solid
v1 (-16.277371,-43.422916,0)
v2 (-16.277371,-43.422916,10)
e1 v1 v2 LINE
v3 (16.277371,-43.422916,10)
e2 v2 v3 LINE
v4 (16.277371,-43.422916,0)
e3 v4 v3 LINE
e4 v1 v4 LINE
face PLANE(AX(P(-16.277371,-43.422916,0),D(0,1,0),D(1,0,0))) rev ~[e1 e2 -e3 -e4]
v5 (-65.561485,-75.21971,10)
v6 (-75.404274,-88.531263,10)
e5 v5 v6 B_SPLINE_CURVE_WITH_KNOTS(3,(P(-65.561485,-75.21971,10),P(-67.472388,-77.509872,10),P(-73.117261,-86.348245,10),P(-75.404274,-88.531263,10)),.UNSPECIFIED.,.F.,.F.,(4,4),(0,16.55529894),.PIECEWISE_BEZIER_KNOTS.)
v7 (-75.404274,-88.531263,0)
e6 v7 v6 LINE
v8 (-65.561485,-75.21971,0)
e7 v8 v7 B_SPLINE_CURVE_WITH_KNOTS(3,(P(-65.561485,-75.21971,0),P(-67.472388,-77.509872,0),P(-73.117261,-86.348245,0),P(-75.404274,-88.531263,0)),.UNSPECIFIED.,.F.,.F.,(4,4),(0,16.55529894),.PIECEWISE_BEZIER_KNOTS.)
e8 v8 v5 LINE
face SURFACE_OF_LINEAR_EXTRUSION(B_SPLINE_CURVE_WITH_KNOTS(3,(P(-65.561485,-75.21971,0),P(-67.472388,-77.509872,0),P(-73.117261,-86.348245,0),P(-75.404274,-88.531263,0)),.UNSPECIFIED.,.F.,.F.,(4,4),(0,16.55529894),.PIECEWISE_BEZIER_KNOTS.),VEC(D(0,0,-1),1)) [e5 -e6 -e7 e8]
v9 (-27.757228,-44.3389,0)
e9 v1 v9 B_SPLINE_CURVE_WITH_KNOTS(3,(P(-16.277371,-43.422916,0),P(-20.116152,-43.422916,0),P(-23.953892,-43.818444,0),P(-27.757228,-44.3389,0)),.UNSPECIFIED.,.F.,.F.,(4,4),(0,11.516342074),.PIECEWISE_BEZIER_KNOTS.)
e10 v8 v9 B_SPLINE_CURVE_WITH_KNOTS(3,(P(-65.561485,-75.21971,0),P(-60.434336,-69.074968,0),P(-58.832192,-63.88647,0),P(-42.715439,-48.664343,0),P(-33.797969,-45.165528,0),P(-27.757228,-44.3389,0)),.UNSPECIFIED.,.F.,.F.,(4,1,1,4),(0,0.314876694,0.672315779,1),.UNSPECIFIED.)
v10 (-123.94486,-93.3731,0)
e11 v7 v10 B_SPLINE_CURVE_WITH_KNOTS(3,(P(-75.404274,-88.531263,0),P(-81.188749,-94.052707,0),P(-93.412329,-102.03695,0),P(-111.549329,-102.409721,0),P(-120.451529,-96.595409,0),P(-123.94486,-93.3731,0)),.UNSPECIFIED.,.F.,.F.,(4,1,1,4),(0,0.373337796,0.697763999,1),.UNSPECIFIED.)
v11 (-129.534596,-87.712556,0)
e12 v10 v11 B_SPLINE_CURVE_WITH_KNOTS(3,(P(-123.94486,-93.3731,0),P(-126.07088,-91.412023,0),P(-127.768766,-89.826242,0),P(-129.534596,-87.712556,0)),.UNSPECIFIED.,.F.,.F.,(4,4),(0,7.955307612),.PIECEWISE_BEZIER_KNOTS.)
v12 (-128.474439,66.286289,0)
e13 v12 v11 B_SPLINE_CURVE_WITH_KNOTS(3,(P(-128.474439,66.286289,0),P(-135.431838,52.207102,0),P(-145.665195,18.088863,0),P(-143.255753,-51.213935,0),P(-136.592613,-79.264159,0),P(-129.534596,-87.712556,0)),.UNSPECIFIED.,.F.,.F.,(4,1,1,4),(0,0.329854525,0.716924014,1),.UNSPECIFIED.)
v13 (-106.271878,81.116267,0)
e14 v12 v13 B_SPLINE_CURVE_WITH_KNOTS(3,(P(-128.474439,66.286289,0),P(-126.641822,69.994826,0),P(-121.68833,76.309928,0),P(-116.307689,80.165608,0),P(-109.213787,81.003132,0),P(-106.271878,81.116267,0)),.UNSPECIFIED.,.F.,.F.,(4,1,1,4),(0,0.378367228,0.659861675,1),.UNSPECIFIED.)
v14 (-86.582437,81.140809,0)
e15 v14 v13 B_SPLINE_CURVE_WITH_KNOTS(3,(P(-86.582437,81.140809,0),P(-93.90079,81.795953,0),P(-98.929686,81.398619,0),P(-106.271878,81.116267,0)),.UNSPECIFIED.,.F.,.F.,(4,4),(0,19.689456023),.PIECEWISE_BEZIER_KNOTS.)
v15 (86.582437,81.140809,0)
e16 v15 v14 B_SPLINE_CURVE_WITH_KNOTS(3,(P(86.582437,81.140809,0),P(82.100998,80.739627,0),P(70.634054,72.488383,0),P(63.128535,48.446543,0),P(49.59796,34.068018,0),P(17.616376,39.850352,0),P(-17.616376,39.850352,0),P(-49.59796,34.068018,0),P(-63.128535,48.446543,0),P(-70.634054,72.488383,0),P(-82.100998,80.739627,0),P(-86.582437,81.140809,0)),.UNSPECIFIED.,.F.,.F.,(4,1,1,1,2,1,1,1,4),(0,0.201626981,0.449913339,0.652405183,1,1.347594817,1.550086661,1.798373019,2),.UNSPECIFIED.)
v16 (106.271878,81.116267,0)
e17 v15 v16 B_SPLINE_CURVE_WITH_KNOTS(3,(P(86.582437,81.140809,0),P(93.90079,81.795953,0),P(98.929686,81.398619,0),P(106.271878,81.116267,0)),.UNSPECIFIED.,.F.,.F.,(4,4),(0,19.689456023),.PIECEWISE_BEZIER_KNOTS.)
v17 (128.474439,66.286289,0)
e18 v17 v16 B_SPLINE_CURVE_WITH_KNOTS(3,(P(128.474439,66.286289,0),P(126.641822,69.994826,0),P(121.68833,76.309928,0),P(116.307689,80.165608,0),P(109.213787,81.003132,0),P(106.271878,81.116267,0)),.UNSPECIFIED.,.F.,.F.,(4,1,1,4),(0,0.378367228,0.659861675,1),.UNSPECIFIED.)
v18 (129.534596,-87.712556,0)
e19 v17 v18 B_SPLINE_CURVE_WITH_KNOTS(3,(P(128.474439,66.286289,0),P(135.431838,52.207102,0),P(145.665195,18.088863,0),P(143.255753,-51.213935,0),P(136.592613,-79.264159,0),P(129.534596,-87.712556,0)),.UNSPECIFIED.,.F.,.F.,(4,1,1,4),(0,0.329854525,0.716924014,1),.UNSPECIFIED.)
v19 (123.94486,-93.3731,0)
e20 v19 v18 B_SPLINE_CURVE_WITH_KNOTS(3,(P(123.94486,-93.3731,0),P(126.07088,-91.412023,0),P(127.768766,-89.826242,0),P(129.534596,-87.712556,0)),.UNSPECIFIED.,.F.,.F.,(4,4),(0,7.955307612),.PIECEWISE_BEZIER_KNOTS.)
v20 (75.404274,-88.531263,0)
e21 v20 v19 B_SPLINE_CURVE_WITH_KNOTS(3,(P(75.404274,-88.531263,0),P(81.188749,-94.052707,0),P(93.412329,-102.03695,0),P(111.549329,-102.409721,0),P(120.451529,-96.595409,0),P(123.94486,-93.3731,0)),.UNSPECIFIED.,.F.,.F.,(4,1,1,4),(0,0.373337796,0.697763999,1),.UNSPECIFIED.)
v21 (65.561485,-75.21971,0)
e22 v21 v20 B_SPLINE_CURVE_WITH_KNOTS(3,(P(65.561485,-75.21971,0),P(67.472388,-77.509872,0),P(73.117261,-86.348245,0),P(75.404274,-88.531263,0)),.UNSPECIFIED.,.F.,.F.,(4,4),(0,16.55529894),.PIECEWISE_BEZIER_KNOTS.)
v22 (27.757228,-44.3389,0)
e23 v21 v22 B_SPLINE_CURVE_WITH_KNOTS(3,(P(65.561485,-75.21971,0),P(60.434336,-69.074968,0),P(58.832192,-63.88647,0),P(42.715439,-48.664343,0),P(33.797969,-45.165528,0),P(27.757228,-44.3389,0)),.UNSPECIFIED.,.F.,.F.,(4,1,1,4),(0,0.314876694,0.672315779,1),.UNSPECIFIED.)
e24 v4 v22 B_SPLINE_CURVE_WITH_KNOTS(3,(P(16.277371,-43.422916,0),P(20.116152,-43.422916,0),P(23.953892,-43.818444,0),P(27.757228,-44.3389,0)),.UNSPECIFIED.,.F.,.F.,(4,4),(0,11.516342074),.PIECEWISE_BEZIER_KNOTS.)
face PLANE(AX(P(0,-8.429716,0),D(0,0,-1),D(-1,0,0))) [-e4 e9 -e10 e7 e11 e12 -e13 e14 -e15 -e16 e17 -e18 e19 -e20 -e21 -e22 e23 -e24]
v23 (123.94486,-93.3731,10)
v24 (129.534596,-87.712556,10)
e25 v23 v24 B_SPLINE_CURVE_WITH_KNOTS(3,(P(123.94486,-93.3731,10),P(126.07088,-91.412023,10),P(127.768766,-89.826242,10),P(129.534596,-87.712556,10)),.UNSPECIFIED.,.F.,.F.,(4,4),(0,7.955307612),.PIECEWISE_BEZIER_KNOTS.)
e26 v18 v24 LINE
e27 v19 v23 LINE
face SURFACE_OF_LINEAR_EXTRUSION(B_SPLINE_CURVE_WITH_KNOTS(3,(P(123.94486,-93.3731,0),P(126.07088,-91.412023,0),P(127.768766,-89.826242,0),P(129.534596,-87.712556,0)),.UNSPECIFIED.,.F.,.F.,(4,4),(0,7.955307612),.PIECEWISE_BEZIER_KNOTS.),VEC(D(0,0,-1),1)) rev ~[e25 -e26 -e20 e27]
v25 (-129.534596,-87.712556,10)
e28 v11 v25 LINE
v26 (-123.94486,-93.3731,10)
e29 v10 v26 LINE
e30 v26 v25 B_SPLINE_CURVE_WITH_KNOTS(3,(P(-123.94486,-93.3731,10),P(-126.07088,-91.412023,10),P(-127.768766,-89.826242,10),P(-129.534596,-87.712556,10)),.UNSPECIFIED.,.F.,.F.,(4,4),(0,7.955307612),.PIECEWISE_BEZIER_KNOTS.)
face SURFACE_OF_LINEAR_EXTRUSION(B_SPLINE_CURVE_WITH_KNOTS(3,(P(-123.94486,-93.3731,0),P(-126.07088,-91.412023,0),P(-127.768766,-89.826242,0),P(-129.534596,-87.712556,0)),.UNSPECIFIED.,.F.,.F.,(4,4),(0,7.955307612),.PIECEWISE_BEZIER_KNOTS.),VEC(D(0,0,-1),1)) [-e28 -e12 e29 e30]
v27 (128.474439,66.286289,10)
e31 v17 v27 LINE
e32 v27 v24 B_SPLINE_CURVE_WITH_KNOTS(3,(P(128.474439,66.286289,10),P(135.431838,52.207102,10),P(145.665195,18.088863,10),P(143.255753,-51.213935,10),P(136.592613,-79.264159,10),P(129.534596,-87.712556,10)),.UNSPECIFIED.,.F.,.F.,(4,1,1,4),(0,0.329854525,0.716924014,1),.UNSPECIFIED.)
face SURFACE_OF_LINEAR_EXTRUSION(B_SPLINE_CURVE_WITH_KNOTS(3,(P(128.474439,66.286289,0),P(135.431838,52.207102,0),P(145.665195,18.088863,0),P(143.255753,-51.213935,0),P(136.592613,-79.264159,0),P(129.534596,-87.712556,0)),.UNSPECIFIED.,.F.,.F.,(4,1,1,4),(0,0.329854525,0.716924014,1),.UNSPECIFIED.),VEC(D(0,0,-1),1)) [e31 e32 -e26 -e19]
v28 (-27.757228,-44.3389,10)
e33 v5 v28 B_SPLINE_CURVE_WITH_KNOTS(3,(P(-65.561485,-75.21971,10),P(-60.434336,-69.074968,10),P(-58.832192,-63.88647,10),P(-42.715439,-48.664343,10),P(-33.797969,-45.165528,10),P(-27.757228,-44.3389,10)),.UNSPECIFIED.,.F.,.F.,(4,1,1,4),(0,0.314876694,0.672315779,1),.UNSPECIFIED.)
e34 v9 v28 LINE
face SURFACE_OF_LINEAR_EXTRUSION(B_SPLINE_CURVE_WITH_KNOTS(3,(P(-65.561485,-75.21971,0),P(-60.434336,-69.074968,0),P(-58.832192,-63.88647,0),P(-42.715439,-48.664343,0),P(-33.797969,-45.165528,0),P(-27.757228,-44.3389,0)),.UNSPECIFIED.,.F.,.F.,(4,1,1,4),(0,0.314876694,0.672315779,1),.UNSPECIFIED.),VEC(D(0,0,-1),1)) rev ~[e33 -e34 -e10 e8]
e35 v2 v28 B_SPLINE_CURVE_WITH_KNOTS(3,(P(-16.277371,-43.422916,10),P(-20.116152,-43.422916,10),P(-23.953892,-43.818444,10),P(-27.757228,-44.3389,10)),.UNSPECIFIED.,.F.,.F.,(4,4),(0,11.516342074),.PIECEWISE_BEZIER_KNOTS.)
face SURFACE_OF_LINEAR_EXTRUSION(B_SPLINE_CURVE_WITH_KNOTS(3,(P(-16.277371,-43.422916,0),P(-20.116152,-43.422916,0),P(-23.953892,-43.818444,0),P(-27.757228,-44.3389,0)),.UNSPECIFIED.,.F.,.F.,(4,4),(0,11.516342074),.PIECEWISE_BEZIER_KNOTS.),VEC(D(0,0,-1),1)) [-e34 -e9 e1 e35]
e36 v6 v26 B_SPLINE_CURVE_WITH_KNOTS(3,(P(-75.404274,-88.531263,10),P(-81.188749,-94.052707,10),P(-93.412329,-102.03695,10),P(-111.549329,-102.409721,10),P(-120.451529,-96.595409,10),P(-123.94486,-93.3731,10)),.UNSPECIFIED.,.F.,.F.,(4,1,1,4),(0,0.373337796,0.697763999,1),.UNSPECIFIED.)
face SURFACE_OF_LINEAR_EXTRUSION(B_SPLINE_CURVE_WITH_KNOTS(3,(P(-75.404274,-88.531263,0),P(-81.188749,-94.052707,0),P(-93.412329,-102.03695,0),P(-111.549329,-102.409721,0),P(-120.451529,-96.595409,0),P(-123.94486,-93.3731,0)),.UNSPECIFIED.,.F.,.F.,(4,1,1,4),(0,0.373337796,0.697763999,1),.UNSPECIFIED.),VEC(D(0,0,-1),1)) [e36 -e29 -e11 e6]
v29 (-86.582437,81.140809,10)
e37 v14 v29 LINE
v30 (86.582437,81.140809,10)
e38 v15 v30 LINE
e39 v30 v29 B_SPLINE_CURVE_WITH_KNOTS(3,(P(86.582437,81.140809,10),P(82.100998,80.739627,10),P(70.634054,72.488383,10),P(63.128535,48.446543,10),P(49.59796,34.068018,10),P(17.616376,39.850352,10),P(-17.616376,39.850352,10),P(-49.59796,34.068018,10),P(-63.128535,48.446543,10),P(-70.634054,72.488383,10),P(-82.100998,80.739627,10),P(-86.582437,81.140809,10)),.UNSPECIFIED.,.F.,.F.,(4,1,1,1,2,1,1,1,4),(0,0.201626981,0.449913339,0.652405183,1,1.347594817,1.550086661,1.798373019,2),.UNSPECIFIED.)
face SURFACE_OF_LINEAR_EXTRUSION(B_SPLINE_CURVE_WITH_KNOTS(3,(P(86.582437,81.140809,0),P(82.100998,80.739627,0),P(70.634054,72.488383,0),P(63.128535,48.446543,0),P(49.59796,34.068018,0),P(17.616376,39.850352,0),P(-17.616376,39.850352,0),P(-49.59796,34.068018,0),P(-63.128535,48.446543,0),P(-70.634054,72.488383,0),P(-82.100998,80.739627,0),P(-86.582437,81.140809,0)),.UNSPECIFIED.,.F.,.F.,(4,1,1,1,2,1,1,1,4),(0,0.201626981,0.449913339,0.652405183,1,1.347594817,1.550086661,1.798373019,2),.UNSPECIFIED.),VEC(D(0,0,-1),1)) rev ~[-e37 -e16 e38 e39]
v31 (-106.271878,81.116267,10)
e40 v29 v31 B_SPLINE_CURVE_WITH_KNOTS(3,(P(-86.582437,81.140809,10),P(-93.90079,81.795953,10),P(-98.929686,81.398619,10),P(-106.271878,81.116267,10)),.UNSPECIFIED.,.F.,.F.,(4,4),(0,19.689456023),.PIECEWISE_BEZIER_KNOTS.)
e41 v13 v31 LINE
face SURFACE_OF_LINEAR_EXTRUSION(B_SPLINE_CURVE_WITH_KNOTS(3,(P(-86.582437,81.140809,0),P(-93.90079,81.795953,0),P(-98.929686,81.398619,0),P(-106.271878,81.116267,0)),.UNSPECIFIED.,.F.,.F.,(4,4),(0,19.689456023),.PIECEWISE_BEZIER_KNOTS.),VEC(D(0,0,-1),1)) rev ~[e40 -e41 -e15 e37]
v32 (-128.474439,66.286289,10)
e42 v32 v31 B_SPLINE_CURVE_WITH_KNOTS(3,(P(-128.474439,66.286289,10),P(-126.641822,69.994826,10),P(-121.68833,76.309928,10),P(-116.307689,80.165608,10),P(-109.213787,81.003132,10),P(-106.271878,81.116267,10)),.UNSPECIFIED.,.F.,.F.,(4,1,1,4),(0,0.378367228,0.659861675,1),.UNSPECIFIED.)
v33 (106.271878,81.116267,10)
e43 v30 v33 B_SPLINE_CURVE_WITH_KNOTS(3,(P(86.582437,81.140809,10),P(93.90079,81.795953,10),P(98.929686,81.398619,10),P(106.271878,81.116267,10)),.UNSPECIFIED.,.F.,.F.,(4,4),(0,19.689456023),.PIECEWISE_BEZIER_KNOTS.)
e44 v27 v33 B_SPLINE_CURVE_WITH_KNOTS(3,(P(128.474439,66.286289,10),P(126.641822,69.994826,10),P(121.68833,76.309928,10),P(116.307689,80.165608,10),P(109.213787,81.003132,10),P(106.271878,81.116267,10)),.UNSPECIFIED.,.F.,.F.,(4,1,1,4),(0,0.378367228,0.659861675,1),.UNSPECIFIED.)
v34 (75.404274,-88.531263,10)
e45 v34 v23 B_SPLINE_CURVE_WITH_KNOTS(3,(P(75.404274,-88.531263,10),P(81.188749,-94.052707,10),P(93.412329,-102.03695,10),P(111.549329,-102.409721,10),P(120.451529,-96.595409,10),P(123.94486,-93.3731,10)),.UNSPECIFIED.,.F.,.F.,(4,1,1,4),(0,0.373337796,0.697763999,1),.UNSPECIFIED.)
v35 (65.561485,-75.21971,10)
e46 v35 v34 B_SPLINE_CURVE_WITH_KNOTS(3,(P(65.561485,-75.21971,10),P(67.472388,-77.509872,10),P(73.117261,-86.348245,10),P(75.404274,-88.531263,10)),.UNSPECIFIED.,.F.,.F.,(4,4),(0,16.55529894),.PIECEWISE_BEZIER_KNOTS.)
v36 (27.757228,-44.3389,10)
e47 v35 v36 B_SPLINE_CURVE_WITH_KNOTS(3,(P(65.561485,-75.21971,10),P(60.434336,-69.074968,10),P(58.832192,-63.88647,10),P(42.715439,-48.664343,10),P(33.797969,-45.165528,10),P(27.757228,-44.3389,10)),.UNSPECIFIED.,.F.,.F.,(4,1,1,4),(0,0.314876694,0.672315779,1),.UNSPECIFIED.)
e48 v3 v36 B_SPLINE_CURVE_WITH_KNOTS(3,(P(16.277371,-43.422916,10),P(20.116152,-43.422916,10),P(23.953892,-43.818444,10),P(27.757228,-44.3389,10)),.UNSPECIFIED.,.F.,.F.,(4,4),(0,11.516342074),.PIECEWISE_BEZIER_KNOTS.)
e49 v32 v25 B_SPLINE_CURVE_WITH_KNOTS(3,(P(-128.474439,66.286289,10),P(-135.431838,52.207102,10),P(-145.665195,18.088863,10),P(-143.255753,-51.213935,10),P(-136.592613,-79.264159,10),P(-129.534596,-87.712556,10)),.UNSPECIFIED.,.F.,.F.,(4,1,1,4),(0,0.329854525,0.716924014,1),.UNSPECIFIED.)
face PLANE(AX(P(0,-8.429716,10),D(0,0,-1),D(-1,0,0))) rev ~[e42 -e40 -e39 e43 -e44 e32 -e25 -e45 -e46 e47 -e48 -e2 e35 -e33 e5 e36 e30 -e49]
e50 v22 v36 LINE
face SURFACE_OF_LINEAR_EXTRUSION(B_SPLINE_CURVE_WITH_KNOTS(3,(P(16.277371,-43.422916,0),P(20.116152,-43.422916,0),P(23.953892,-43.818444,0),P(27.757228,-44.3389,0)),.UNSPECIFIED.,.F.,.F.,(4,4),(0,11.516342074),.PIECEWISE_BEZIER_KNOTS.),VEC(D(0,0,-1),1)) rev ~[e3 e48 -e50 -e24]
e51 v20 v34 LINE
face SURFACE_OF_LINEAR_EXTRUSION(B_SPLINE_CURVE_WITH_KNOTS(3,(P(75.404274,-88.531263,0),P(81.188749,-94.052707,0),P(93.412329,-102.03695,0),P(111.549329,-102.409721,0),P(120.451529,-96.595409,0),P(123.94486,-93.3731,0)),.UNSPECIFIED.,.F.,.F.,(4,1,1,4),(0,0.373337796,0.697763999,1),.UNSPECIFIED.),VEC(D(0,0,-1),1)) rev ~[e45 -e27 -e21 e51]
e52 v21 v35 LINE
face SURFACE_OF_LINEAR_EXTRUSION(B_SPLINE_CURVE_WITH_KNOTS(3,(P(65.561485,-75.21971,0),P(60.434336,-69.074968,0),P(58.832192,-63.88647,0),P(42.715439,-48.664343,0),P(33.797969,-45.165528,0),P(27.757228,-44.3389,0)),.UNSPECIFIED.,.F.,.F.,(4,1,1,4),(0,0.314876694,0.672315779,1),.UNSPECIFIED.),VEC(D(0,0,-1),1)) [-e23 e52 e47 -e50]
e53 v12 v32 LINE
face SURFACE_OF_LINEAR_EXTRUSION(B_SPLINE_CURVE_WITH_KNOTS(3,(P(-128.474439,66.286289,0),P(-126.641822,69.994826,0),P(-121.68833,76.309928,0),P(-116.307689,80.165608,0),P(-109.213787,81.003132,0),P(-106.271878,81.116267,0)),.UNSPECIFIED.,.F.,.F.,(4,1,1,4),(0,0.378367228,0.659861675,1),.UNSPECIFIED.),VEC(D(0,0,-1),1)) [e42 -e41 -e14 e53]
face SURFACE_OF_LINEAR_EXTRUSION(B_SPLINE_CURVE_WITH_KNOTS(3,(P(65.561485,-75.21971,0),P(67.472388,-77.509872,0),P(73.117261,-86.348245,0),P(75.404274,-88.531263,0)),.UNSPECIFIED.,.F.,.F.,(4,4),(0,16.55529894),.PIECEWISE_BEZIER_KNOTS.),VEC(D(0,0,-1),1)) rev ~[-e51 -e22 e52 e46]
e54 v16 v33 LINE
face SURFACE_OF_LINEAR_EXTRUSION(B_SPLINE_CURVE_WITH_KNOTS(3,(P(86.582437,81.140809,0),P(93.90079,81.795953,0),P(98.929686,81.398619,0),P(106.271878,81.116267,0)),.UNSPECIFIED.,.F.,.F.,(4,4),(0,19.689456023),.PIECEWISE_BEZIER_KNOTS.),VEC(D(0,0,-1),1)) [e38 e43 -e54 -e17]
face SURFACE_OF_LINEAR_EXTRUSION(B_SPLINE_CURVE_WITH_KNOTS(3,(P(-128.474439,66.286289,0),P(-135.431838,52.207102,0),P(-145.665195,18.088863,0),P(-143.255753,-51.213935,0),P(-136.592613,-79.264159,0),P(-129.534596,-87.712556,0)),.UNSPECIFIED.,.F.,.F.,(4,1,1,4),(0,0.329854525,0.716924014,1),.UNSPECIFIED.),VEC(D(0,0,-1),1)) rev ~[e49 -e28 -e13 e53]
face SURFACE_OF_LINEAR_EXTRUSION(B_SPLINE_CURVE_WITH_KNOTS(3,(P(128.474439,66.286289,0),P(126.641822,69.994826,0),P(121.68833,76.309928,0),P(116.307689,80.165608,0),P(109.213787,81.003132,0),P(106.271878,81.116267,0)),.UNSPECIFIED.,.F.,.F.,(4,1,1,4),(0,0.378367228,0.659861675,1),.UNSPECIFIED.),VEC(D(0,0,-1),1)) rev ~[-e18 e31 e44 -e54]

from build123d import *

# Parameters (mm, degrees)
F1_DEPTH = 10


with BuildPart() as f1:
    # F0 (on Top) → F1 (new body)
    with BuildSketch(Plane.XY):
        with BuildLine():
            add(Edge.make_bspline(
                [(0, 39.8503523454), (17.6163757804, 39.8503523454), (49.5979595446, 34.0680180132), (63.1285348078, 48.4465429504), (70.6340535712, 72.4883834643), (82.1009982376, 80.7396271302), (86.5824371576, 81.1408087611)],
                knots=[0, 0, 0, 0, 0.3475948174, 0.5500866608, 0.798373019, 1, 1, 1, 1], degree=3))
            add(Edge.make_bspline(
                [(0, 39.8503523454), (-17.6163757804, 39.8503523454), (-49.5979595446, 34.0680180132), (-63.1285348078, 48.4465429504), (-70.6340535712, 72.4883834643), (-82.1009982376, 80.7396271302), (-86.5824371576, 81.1408087611)],
                knots=[0, 0, 0, 0, 0.3475948174, 0.5500866608, 0.798373019, 1, 1, 1, 1], degree=3))
            add(Edge.make_bspline(
                [(-86.5824371576, 81.1408087611), (-93.9007904504, 81.7959530043), (-98.9296856925, 81.3986186475), (-106.2718778849, 81.1162665486)],
                knots=[0, 0, 0, 0, 19.6894560227, 19.6894560227, 19.6894560227, 19.6894560227], degree=3))
            add(Edge.make_bspline(
                [(-128.4744393327, 66.286289071), (-126.6418217655, 69.9948256304), (-121.6883300812, 76.3099279434), (-116.3076888209, 80.1656075141), (-109.2137869924, 81.0031321891), (-106.2718778849, 81.1162665486)],
                knots=[0, 0, 0, 0, 0.3783672275, 0.6598616754, 1, 1, 1, 1], degree=3))
            add(Edge.make_bspline(
                [(-128.4744393327, 66.286289071), (-135.4318375938, 52.2071018629), (-145.6651953664, 18.0888634859), (-143.2557526153, -51.2139350511), (-136.5926128151, -79.2641593384), (-129.5345964686, -87.7125559019)],
                knots=[0, 0, 0, 0, 0.3298545247, 0.7169240144, 1, 1, 1, 1], degree=3))
            add(Edge.make_bspline(
                [(-123.9448595637, -93.3731000921), (-126.0708795627, -91.4120227226), (-127.7687662085, -89.8262424632), (-129.5345964686, -87.7125559019)],
                knots=[0, 0, 0, 0, 7.9553076116, 7.9553076116, 7.9553076116, 7.9553076116], degree=3))
            add(Edge.make_bspline(
                [(-75.4042738728, -88.5312626545), (-81.1887488218, -94.0527071751), (-93.4123289782, -102.0369497306), (-111.549328833, -102.409720683), (-120.4515285727, -96.5954086095), (-123.9448595637, -93.3731000921)],
                knots=[0, 0, 0, 0, 0.3733377958, 0.6977639991, 1, 1, 1, 1], degree=3))
            add(Edge.make_bspline(
                [(-65.5614852797, -75.2197099381), (-67.4723879489, -77.5098722616), (-73.1172612527, -86.3482445914), (-75.4042738728, -88.5312626545)],
                knots=[0, 0, 0, 0, 16.5552989405, 16.5552989405, 16.5552989405, 16.5552989405], degree=3))
            add(Edge.make_bspline(
                [(-65.5614852797, -75.2197099381), (-60.4343357708, -69.0749675496), (-58.8321924977, -63.8864695892), (-42.7154388513, -48.6643433847), (-33.797969451, -45.165527776), (-27.7572275946, -44.3389004812)],
                knots=[0, 0, 0, 0, 0.3148766937, 0.6723157787, 1, 1, 1, 1], degree=3))
            add(Edge.make_bspline(
                [(-16.2773709744, -43.4229164545), (-20.1161516656, -43.4229164545), (-23.9538918727, -43.8184443528), (-27.7572275946, -44.3389004812)],
                knots=[0, 0, 0, 0, 11.5163420736, 11.5163420736, 11.5163420736, 11.5163420736], degree=3))
            Line((-16.2773709744, -43.4229164545), (0, -43.4229164545))
            Line((0, -43.4229164545), (16.2773709744, -43.4229164545))
            add(Edge.make_bspline(
                [(16.2773709744, -43.4229164545), (20.1161516656, -43.4229164545), (23.9538918727, -43.8184443528), (27.7572275946, -44.3389004812)],
                knots=[0, 0, 0, 0, 11.5163420736, 11.5163420736, 11.5163420736, 11.5163420736], degree=3))
            add(Edge.make_bspline(
                [(65.5614852797, -75.2197099381), (60.4343357708, -69.0749675496), (58.8321924977, -63.8864695892), (42.7154388513, -48.6643433847), (33.797969451, -45.165527776), (27.7572275946, -44.3389004812)],
                knots=[0, 0, 0, 0, 0.3148766937, 0.6723157787, 1, 1, 1, 1], degree=3))
            add(Edge.make_bspline(
                [(65.5614852797, -75.2197099381), (67.4723879489, -77.5098722616), (73.1172612527, -86.3482445914), (75.4042738728, -88.5312626545)],
                knots=[0, 0, 0, 0, 16.5552989405, 16.5552989405, 16.5552989405, 16.5552989405], degree=3))
            add(Edge.make_bspline(
                [(75.4042738728, -88.5312626545), (81.1887488218, -94.0527071751), (93.4123289782, -102.0369497306), (111.549328833, -102.409720683), (120.4515285727, -96.5954086095), (123.9448595637, -93.3731000921)],
                knots=[0, 0, 0, 0, 0.3733377958, 0.6977639991, 1, 1, 1, 1], degree=3))
            add(Edge.make_bspline(
                [(123.9448595637, -93.3731000921), (126.0708795627, -91.4120227226), (127.7687662085, -89.8262424632), (129.5345964686, -87.7125559019)],
                knots=[0, 0, 0, 0, 7.9553076116, 7.9553076116, 7.9553076116, 7.9553076116], degree=3))
            add(Edge.make_bspline(
                [(128.4744393327, 66.286289071), (135.4318375938, 52.2071018629), (145.6651953664, 18.0888634859), (143.2557526153, -51.2139350511), (136.5926128151, -79.2641593384), (129.5345964686, -87.7125559019)],
                knots=[0, 0, 0, 0, 0.3298545247, 0.7169240144, 1, 1, 1, 1], degree=3))
            add(Edge.make_bspline(
                [(128.4744393327, 66.286289071), (126.6418217655, 69.9948256304), (121.6883300812, 76.3099279434), (116.3076888209, 80.1656075141), (109.2137869924, 81.0031321891), (106.2718778849, 81.1162665486)],
                knots=[0, 0, 0, 0, 0.3783672275, 0.6598616754, 1, 1, 1, 1], degree=3))
            add(Edge.make_bspline(
                [(86.5824371576, 81.1408087611), (93.9007904504, 81.7959530043), (98.9296856925, 81.3986186475), (106.2718778849, 81.1162665486)],
                knots=[0, 0, 0, 0, 19.6894560227, 19.6894560227, 19.6894560227, 19.6894560227], degree=3))
        make_face()
    extrude(amount=F1_DEPTH)


solid = f1.part
